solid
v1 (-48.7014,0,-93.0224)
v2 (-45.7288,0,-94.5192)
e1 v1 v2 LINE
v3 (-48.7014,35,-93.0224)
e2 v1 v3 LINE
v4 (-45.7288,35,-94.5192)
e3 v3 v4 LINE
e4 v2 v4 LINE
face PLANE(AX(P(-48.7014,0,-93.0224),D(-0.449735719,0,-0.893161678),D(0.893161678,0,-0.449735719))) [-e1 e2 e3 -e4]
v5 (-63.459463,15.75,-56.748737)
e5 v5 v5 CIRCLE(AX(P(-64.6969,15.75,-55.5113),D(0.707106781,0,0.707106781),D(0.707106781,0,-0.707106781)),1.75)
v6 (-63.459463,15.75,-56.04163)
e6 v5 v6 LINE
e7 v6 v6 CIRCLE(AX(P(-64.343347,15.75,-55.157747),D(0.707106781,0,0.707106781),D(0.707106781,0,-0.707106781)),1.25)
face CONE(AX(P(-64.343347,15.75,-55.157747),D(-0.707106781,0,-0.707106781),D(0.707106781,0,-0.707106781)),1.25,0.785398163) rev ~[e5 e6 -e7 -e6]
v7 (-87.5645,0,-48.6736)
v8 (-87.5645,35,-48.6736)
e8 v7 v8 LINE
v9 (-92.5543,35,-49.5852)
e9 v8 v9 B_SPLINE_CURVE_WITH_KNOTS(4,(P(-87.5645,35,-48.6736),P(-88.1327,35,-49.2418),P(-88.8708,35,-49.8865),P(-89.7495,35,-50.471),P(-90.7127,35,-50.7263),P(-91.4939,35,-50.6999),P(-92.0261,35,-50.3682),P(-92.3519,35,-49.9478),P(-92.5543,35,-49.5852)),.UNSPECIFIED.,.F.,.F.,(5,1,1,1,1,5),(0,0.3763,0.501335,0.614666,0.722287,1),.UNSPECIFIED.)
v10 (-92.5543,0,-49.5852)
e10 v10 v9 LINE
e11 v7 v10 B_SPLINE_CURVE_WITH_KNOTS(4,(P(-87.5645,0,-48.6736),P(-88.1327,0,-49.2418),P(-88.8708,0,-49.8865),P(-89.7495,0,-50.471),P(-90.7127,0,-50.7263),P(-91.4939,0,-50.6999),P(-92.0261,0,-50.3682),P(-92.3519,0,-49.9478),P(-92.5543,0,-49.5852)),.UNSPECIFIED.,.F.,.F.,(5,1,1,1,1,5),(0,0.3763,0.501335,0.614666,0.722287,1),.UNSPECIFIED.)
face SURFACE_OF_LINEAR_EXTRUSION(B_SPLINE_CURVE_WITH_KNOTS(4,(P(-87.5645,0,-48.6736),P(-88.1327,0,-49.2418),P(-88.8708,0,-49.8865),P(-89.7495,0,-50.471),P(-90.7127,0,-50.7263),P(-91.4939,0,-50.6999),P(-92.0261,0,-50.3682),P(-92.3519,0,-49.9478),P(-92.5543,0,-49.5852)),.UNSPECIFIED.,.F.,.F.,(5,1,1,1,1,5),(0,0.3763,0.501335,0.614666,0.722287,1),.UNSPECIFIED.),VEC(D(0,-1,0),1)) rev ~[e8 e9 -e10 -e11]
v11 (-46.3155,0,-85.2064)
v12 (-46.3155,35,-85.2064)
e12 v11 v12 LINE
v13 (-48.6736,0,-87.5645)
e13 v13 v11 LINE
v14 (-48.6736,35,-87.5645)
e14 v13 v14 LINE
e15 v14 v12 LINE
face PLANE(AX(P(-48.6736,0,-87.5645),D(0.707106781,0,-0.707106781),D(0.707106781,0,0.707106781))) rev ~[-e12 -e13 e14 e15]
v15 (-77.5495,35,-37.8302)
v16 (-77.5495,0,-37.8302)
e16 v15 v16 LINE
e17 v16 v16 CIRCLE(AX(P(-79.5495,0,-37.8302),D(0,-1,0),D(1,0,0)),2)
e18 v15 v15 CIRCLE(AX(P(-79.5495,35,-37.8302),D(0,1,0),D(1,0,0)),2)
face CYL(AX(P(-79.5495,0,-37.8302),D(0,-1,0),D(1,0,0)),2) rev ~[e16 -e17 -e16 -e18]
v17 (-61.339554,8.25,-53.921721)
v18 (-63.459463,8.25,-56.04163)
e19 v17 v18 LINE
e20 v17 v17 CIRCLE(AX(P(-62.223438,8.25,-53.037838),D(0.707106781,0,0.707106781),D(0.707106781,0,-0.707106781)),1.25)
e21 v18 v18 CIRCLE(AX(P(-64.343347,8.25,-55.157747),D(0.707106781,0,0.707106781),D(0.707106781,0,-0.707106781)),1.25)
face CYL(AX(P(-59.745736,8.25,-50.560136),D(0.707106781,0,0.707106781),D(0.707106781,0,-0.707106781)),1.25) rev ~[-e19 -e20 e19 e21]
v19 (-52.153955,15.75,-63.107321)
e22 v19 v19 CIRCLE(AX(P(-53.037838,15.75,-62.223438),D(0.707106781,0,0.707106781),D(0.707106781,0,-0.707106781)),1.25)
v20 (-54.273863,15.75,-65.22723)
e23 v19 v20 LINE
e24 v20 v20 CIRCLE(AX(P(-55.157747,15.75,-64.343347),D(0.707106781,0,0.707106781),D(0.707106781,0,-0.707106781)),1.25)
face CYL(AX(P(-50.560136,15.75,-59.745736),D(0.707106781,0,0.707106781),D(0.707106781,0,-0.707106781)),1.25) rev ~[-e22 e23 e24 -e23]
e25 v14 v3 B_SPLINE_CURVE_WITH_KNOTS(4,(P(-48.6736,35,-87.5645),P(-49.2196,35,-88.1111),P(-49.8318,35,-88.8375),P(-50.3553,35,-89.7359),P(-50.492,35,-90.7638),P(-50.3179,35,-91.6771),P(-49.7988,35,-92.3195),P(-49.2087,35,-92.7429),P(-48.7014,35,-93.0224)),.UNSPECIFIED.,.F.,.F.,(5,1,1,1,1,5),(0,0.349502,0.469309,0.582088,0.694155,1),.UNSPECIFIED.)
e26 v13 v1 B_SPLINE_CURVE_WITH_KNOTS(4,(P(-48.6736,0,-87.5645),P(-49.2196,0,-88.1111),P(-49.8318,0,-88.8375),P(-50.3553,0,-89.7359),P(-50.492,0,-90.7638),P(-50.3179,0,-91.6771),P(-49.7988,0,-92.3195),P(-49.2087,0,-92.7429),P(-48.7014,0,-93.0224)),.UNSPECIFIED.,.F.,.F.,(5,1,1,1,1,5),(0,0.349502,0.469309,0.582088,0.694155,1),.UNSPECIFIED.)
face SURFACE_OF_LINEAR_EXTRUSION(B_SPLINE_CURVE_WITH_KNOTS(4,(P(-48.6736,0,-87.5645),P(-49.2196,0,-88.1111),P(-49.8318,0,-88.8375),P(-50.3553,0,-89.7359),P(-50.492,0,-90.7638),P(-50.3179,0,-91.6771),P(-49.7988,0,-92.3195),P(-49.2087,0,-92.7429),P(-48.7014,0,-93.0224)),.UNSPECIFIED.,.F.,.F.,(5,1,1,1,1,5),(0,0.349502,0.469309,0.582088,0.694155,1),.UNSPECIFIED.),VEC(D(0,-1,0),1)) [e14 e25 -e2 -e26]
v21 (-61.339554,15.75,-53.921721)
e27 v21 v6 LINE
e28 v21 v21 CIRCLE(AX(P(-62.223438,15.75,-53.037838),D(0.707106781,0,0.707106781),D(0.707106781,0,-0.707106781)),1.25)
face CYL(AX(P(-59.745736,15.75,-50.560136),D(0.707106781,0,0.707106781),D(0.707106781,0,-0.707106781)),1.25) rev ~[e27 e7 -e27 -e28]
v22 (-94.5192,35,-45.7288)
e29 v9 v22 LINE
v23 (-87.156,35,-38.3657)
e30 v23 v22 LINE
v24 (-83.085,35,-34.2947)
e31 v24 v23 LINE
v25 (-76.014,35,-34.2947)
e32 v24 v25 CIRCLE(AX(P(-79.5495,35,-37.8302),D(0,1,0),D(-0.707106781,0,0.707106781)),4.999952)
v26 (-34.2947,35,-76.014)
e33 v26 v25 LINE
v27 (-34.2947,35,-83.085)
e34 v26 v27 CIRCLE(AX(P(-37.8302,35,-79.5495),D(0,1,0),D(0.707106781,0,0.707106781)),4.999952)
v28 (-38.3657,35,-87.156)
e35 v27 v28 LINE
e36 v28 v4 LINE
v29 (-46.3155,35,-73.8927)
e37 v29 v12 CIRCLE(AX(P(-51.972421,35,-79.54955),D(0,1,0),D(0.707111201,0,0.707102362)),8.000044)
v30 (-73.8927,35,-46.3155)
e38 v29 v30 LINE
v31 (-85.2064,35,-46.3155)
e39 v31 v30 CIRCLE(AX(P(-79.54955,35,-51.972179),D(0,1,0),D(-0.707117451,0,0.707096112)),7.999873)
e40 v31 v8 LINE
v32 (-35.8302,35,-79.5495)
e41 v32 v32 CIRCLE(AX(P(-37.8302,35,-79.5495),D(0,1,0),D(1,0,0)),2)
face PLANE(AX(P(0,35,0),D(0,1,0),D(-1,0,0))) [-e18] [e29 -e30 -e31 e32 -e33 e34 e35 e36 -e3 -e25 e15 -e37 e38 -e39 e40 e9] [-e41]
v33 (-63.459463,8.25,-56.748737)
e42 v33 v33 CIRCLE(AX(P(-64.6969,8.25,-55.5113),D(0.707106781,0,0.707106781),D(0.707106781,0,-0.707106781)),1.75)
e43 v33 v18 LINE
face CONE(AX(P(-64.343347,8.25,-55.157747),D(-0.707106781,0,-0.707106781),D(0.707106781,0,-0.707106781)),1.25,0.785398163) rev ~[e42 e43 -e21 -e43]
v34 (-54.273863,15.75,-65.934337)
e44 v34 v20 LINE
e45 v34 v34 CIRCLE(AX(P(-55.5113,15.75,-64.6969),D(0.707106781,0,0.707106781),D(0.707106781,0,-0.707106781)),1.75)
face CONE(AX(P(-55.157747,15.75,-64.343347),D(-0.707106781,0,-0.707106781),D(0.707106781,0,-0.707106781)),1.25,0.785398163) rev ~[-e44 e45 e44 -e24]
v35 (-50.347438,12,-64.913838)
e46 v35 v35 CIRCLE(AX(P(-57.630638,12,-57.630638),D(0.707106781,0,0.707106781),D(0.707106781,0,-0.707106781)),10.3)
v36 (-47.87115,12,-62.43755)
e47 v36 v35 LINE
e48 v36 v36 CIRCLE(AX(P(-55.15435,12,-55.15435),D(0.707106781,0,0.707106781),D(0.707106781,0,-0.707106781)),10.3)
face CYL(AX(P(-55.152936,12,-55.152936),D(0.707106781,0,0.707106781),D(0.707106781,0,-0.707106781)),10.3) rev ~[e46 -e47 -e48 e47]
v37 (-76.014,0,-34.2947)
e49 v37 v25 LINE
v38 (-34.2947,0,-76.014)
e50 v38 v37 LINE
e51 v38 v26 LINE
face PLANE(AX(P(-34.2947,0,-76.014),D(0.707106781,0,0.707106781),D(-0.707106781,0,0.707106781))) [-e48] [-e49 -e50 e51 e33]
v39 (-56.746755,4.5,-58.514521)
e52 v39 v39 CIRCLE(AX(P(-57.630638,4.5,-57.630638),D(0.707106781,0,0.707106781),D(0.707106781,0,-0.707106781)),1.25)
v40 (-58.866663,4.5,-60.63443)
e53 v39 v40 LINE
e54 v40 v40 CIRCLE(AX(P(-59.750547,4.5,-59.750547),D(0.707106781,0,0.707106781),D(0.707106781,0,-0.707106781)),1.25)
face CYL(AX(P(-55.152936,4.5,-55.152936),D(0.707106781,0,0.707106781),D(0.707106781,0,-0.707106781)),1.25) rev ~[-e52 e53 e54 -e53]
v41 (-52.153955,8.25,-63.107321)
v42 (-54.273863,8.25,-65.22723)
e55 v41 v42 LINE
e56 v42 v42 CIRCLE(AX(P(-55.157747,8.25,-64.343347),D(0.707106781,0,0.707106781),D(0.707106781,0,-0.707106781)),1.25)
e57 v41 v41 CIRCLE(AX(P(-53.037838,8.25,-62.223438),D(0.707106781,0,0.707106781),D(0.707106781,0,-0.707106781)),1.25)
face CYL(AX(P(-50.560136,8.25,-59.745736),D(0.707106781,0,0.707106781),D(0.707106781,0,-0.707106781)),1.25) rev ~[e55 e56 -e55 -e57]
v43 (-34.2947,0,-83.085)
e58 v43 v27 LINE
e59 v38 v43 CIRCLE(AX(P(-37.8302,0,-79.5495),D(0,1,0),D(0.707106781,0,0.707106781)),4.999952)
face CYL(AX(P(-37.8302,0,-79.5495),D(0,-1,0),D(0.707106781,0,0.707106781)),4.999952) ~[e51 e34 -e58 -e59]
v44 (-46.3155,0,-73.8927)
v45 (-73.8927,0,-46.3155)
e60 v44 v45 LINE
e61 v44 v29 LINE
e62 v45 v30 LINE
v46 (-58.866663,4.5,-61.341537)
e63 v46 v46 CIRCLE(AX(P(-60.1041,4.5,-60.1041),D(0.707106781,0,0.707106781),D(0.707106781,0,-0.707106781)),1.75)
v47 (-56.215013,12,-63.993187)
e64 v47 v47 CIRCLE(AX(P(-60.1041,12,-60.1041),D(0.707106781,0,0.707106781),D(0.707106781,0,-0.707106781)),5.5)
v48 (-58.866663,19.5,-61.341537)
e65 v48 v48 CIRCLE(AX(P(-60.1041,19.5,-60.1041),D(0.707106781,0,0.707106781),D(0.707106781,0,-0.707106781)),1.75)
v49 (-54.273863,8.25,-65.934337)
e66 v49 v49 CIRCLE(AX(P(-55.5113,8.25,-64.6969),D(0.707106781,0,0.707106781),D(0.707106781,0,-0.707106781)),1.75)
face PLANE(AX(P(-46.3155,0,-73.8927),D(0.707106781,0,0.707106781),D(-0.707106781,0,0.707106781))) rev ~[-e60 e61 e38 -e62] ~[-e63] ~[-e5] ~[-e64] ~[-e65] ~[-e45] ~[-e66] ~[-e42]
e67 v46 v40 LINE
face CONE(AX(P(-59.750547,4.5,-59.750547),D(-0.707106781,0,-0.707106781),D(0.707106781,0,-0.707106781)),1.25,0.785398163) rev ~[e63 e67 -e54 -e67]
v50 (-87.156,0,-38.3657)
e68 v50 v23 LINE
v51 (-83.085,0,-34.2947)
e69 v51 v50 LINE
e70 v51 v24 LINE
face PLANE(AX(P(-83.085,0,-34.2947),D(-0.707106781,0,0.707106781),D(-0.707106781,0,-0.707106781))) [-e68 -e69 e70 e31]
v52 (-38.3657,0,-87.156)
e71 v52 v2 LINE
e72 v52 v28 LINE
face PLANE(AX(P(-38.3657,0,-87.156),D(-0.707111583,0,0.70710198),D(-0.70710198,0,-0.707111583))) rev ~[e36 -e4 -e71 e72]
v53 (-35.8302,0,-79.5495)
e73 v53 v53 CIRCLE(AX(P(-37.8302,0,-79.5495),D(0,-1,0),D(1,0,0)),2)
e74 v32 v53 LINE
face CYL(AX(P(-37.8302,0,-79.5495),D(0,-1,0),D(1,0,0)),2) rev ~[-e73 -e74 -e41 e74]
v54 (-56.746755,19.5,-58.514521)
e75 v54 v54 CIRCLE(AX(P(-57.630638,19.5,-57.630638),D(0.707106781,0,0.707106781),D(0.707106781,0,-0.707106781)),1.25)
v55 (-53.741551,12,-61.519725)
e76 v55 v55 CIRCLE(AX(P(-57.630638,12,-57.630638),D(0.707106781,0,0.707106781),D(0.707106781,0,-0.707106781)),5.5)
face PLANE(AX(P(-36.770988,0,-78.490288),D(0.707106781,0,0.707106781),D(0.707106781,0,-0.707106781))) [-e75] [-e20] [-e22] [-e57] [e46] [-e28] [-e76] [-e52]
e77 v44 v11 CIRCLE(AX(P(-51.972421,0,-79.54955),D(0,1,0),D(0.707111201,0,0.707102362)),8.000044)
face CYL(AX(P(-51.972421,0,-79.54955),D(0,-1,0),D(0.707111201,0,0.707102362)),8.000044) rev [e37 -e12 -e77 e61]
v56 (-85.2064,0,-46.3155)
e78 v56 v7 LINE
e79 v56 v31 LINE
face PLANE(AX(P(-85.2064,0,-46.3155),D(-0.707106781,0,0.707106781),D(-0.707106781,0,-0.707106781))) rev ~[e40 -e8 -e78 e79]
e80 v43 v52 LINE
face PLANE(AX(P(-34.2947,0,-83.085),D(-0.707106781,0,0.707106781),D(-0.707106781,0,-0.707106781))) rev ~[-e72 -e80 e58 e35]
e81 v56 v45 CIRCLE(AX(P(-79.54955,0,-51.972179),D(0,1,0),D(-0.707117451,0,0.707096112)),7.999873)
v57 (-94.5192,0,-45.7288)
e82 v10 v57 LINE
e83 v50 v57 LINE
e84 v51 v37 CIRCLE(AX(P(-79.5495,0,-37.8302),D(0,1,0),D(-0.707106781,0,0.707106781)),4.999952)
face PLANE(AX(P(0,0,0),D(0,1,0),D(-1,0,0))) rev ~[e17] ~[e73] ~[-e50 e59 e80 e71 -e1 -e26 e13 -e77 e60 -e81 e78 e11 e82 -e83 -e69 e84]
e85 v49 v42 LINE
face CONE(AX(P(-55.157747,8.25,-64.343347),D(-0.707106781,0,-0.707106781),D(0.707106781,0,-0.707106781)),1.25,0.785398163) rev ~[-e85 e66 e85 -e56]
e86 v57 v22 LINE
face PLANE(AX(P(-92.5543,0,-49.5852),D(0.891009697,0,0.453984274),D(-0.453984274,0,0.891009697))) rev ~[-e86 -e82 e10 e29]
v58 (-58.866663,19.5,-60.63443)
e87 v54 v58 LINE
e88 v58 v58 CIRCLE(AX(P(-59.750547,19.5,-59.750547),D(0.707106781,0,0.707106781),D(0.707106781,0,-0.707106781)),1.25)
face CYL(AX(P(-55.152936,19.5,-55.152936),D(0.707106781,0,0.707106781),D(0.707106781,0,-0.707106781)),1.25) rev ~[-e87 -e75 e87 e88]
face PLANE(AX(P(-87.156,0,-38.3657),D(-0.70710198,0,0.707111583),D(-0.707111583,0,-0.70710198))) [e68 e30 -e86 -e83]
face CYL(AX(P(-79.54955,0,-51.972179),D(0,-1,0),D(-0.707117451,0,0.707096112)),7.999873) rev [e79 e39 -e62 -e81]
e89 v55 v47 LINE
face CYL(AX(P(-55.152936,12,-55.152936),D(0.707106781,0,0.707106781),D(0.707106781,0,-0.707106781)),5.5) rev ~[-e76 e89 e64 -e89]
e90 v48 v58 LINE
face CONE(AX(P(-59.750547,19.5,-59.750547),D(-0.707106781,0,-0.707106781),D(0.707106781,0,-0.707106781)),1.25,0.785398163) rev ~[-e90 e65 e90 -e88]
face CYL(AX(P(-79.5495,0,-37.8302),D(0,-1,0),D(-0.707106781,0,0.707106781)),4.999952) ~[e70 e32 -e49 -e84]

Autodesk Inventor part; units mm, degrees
ref_plane "YZ Plane" through (0, 0, 0) normal (1, 0, 0) x (0, 1, 0)
ref_plane "XZ Plane" through (0, 0, 0) normal (0, 1, 0) x (-1, 0, 0)
ref_plane "XY Plane" through (0, 0, 0) normal (0, 0, 1) x (1, 0, 0)
sketch "Эскиз1" plane through (0, 0, 0) normal (0, 1, 0) x (-1, 0, 0)
  line L0 (34.2947, -76.014) -> (76.014, -34.2947)
  arc A0 (83.085, -34.2947) -> (76.014, -34.2947) centre (79.5495, -37.8302) ccw
  line L1 (83.085, -34.2947) -> (87.156, -38.3657)
  line L2 (46.3155, -73.8927) -> (73.8927, -46.3155)
  arc A1 (85.2064, -46.3155) -> (73.8927, -46.3155) centre (79.5495, -51.9723) ccw
  line L3 (85.2064, -46.3155) -> (87.5645, -48.6736)
  line L4 (92.5543, -49.5852) -> (94.5192, -45.7288)
  line L5 (87.156, -38.3657) -> (94.5192, -45.7288)
  line L6 (34.2947, -83.085) -> (38.3657, -87.156)
  arc A2 (34.2947, -76.014) -> (34.2947, -83.085) centre (37.8302, -79.5495) ccw
  arc A3 (46.3155, -73.8927) -> (46.3155, -85.2064) centre (51.9723, -79.5495) ccw
  line L7 (48.6736, -87.5645) -> (46.3155, -85.2064)
  line L8 (48.7014, -93.0224) -> (45.7288, -94.5192)
  line L9 (38.3657, -87.156) -> (45.7288, -94.5192)
  spline S0 degree 4 poles (87.5645, -48.6736) (88.1327, -49.2418) (88.8708, -49.8865) (89.7495, -50.471) (90.7127, -50.7263) (91.4939, -50.6999) (92.0261, -50.3682) (92.3519, -49.9478) (92.5543, -49.5852) knots 0 0 0 0 0 0.3763 0.501335 0.614666 0.722287 1 1 1 1 1
  spline S1 degree 4 poles (48.6736, -87.5645) (49.2196, -88.1111) (49.8318, -88.8375) (50.3553, -89.7359) (50.492, -90.7638) (50.3179, -91.6771) (49.7988, -92.3195) (49.2087, -92.7429) (48.7014, -93.0224) knots 0 0 0 0 0 0.349502 0.469309 0.582088 0.694155 1 1 1 1 1
  point P0 (0, 0)
  point P1 (49.5385, -88.5397)
  point P2 (50.0866, -89.3893)
  point P3 (50.374, -90.1304)
  point P4 (50.4468, -90.7861)
  point P5 (50.3313, -91.3833)
  point P6 (50.0252, -91.9468)
  point P7 (49.4982, -92.4922)
  point P8 (88.5759, -49.5937)
  point P9 (89.4338, -50.2024)
  point P10 (90.1559, -50.5529)
  point P11 (90.7644, -50.6948)
  point P12 (91.2858, -50.6665)
  point P13 (91.7467, -50.4838)
  point P14 (92.1672, -50.1352)
extrude "Выдавливание1" add sketch "Эскиз1" along normal blind 35
sketch "Эскиз2" plane through (-73.8927, 0, -46.3155) normal (-0.7071, 0, -0.7071) x (-0.7071, 0, 0.7071)
  line L0 (-39, 0) -> (0, 0) construction
  line L1 (0, 0) -> (0, 35) construction
  line L2 (-39, 35) -> (0, 35) construction
  line L3 (-39, 0) -> (-39, 35) construction
  line L4 (-39, 35) -> (0, 0) construction
  line L5 (0, 0) -> (0, 35) construction
  line L6 (0, 35) -> (-39, 0) construction
  circle A0 centre (-19.5, 17.5) radius 10.3
  circle A1 centre (-19.5, 17.5) radius 7.5 construction
  line L7 (-19.5, 0) -> (-19.5, 35) construction
  circle A2 centre (-19.5, 25) radius 1.25
  circle A3 centre (-25.9952, 21.25) radius 1.25
  circle A4 centre (-25.9952, 13.75) radius 1.25
  circle A5 centre (-19.5, 10) radius 1.25
  circle A6 centre (-13.0048, 13.75) radius 1.25
  circle A7 centre (-13.0048, 21.25) radius 1.25
  circle A8 centre (-19.5, 17.5) radius 5.5
  dimension "d3" = 15
  dimension "d2" = 20.6
  dimension "d4" = 2.5
  dimension "d7" = 360
  dimension "d9" = 11
sketch "Эскиз3" plane through (0, 35, 0) normal (0, 1, 0) x (1, 0, 0)
  arc A0 (-83.085, 34.2947) -> (-76.014, 34.2947) centre (-79.5495, 37.8302) ccw construction
  arc A1 (-34.2947, 76.014) -> (-34.2947, 83.085) centre (-37.8302, 79.5495) ccw construction
  circle A2 centre (-79.5495, 37.8302) radius 2
  circle A3 centre (-37.8302, 79.5495) radius 2
  point P0 (0, 0)
  dimension "d17" = 4
  dimension "d18" = 4
extrude "Выдавливание4" cut sketch "Эскиз3" against normal blind 3.5
sketch "Эскиз4" plane through (0, 0, 0) normal (0, -1, 0) x (1, 0, 0)
  arc A0 (-76.014, -34.2947) -> (-83.085, -34.2947) centre (-79.5495, -37.8302) ccw construction
  arc A1 (-34.2947, -83.085) -> (-34.2947, -76.014) centre (-37.8302, -79.5495) ccw construction
  circle A2 centre (-79.5495, -37.8302) radius 2
  circle A3 centre (-37.8302, -79.5495) radius 2
  point P0 (0, 0)
  dimension "d21" = 4
  dimension "d22" = 4
extrude "Выдавливание5" cut sketch "Эскиз4" against normal blind 3.5
sketch "Эскиз5" plane through (-34.2947, 0, -76.014) normal (0.7071, 0, 0.7071) x (0.7071, 0, -0.7071)
  line L0 (-59, 0) -> (0, 0) construction
  line L1 (0, 0) -> (0, 35) construction
  line L2 (-59, 35) -> (0, 35) construction
  line L3 (-59, 0) -> (-59, 35) construction
  circle A0 centre (-29.5, 12) radius 5.5
  circle A1 centre (-29.5, 12) radius 7.5 construction
  circle A2 centre (-29.5, 12) radius 10.3
  circle A3 centre (-29.5, 19.5) radius 1.25
  line L4 (-29.5, 12) -> (-29.5, 35) construction
  circle A4 centre (-35.9952, 15.75) radius 1.25
  circle A5 centre (-35.9952, 8.25) radius 1.25
  circle A6 centre (-29.5, 4.5) radius 1.25
  circle A7 centre (-23.0048, 8.25) radius 1.25
  circle A8 centre (-23.0048, 15.75) radius 1.25
  point P0 (-29.5, 0)
  dimension "d30" = 15
  dimension "d29" = 11
  dimension "d31" = 20.6
  dimension "d32" = 2.5
  dimension "d35" = 360
  dimension "d44" = 12
extrude "Выдавливание8" cut sketch "Эскиз5" against normal blind 13.5 contours A0 | A3 | A4 | A5 | A6 | A7 | A8
extrude "Выдавливание9" cut sketch "Эскиз5" against normal blind 3.5
chamfer "Фаска2" distance 0.5 angle 45 6 edges at (-60.988, 19.5, -59.2202) (-65.5808, 15.75, -54.6274) (-65.5808, 8.25, -54.6274) (-60.988, 4.5, -59.2202) (-56.3952, 8.25, -63.813) (-56.3952, 15.75, -63.813)
sketch "Эскиз6" plane through (-34.2947, 0, -76.014) normal (0.7071, 0, 0.7071) x (0.7071, 0, -0.7071)
  circle A0 centre (-29.5, 12) radius 10.3 construction
  point P0 (-29.5, 0)
sketch "Эскиз7" plane through (0, 35, 0) normal (0, 1, 0) x (1, 0, 0)
  circle A0 centre (0, 0) radius 98
  line L0 (-94.5632, 25.7254) -> (-115.7616, 51.7347)
  line L1 (-115.7616, 51.7347) -> (-66.5865, 100.4668)
  line L2 (-66.5865, 100.4668) -> (-28.2113, 101.4476)
  line L3 (-28.2113, 101.4476) -> (-27.0576, 94.1907)
  dimension "d45" = 196
sketch "Эскиз8" plane through (-79.5495, 31.5, -37.8302) normal (0, 1, 0) x (1, 0, 0)
  circle A0 centre (0, 0) radius 2 projected
  circle A1 centre (41.7193, 41.7193) radius 2 projected
  point P0 (79.5495, -37.8302)
extrude "Выдавливание11" cut sketch "Эскиз8" against normal blind 100
properties part number "back_motor_mount" material "Пластмасса, непрозрачная, черная"
